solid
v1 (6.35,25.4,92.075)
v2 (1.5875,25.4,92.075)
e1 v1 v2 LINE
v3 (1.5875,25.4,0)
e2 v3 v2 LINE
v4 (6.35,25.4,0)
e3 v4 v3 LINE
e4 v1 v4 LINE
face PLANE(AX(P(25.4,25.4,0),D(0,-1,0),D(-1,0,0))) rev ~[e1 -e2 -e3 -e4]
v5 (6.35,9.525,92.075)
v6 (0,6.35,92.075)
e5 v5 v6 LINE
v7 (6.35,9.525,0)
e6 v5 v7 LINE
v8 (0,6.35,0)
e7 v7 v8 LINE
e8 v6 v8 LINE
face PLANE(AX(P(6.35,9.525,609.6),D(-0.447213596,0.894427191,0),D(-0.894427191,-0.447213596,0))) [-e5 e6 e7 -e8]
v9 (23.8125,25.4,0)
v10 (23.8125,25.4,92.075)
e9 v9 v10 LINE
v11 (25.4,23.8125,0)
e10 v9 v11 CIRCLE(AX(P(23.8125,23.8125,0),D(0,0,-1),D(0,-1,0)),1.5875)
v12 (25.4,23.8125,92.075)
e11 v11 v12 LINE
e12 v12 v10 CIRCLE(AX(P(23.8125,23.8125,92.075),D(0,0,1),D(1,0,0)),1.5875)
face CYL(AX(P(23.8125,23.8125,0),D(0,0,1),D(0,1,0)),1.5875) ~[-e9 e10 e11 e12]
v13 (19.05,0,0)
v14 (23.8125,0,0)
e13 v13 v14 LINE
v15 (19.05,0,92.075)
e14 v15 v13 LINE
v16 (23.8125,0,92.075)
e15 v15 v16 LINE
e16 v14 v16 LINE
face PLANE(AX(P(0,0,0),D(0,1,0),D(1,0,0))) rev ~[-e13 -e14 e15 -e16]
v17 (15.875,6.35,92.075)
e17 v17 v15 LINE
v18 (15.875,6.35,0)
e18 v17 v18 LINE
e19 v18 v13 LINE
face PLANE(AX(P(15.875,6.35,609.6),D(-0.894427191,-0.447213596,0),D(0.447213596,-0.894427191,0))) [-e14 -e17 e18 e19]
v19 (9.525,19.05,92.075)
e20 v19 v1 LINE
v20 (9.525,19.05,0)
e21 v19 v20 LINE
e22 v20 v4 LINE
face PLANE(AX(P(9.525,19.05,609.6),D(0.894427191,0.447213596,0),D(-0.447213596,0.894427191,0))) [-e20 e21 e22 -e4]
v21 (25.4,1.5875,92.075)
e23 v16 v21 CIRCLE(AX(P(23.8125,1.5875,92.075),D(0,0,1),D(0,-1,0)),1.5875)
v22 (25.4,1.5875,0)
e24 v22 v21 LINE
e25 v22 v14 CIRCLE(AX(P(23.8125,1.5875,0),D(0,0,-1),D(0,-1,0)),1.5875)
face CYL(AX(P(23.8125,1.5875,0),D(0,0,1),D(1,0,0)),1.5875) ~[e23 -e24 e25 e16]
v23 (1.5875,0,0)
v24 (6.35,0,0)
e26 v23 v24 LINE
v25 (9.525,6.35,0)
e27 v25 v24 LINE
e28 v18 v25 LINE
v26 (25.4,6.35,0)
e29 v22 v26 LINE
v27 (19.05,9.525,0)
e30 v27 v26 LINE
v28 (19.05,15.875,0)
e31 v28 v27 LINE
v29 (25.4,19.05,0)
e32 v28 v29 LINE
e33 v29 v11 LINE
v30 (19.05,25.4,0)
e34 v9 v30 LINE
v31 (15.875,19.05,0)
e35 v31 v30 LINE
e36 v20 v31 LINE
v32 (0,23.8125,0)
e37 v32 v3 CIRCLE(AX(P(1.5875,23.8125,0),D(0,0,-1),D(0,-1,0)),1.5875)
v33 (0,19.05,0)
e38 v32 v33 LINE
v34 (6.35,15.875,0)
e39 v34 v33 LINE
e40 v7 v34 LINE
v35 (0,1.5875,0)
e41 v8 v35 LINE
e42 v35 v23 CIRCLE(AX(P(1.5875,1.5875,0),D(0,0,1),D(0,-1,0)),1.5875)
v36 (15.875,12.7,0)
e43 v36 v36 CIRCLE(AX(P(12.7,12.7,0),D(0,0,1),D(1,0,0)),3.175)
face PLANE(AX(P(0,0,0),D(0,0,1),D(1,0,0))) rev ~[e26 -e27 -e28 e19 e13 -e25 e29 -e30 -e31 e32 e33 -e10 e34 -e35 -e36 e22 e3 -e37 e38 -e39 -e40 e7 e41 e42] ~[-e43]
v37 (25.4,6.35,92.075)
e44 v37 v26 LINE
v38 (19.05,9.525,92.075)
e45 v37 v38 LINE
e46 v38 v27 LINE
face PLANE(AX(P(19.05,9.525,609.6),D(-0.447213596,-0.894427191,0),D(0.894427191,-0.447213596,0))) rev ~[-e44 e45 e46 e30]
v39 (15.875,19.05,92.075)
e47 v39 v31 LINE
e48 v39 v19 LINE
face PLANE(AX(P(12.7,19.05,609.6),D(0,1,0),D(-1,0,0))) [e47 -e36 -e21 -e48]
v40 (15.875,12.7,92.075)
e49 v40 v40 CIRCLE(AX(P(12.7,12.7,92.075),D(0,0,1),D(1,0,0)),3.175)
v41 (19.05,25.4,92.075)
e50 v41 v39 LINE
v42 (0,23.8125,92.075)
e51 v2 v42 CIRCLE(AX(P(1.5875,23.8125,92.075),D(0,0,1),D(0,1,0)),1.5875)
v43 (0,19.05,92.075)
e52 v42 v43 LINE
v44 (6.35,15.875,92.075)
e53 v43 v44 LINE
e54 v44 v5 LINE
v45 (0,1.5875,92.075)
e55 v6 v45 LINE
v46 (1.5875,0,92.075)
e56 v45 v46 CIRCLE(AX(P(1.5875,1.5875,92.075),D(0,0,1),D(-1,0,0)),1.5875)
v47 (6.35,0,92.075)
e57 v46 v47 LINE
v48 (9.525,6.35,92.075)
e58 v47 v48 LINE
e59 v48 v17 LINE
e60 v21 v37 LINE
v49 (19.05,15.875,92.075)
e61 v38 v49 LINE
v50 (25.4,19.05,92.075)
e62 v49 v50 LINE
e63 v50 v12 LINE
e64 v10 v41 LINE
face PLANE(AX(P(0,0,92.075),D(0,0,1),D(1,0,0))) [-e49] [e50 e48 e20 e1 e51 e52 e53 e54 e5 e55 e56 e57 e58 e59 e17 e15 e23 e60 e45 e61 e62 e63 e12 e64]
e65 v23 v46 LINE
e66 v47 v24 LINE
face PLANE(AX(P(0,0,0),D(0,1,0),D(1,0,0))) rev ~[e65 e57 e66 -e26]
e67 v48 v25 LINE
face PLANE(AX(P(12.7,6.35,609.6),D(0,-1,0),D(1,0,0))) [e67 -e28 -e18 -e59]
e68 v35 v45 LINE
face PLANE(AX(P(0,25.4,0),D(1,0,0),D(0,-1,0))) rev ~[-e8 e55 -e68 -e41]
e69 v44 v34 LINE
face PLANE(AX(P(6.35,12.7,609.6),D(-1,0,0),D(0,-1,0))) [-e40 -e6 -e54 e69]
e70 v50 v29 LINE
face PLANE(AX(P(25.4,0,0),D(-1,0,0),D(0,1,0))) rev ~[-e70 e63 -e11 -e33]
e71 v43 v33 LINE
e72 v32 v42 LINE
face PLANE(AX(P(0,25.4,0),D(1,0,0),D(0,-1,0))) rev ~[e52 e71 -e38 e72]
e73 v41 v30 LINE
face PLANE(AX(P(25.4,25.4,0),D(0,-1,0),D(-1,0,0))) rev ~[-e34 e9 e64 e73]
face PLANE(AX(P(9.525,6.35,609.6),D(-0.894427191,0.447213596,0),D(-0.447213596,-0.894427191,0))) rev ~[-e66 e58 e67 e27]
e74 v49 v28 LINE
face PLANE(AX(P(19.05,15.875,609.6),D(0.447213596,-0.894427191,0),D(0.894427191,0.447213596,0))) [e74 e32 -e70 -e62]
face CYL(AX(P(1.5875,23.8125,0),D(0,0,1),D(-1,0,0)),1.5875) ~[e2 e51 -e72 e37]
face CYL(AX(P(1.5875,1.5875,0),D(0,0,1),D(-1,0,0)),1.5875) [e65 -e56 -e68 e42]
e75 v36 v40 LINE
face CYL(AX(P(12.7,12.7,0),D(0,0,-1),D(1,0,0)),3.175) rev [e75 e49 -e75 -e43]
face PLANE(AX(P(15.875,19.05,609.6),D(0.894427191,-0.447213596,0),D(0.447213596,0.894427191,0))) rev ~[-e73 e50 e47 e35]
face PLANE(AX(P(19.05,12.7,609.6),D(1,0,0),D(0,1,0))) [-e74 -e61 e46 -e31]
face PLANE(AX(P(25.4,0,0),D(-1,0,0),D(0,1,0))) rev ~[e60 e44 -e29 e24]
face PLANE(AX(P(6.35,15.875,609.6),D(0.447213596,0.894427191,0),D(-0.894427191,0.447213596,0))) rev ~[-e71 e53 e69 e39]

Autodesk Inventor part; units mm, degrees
ref_plane "YZ Plane" through (0, 0, 0) normal (1, 0, 0) x (0, 1, 0)
ref_plane "XZ Plane" through (0, 0, 0) normal (0, 1, 0) x (-1, 0, 0)
ref_plane "XY Plane" through (0, 0, 0) normal (0, 0, 1) x (1, 0, 0)
sketch "Sketch1" plane through (0, 0, 0) normal (0, 0, 1) x (1, 0, 0)
  line L0 (0, 0) -> (25.4, 0)
  line L1 (25.4, 0) -> (25.4, 25.4)
  line L2 (25.4, 25.4) -> (0, 25.4)
  line L3 (0, 25.4) -> (0, 0)
  circle A0 centre (12.7, 12.7) radius 3.175
  dimension "d0" = 25.4
  dimension "d1" = 25.4
  dimension "d2" = 6.35
  dimension "d7" = 12.7
  dimension "d8" = 12.7
extrude "Extrusion1" add sketch "Sketch1" along normal blind 609.6
sketch "Sketch2" plane through (0, 0, 609.6) normal (0, 0, 1) x (1, 0, 0)
  line L0 (25.4, 25.4) -> (0, 25.4) projected
  line L1 (0, 25.4) -> (0, 0) projected
  circle A0 centre (12.7, 12.7) radius 3.175 projected
  line L2 (0, 0) -> (25.4, 0) projected
  line L3 (25.4, 0) -> (25.4, 25.4) projected
  line L4 (25.4, 25.4) -> (0, 25.4) projected
  line L5 (0, 25.4) -> (0, 0) projected
  line L6 (12.7, 19.05) -> (9.525, 19.05)
  line L7 (9.525, 19.05) -> (15.875, 19.05)
  line L8 (15.875, 19.05) -> (19.05, 25.4)
  line L9 (9.525, 19.05) -> (6.35, 25.4)
  dimension "d13" = 6.35
  dimension "d14" = 6.35
  dimension "d15" = 3.175
  dimension "d16" = 6.35
fillet "Fillet1" radius 1.5875 4 edges at (25.4, 25.4, 304.8) (0, 25.4, 304.8) (25.4, 0, 304.8) (0, 0, 304.8)
extrude "Extrusion2" cut sketch "Sketch2" against normal blind 609.6 contours L8 L7 L6 L9 L0
pattern_circular "Circular Pattern1" count 4 over 360 about axis through (12.7, 12.7, 0) along (0, 0, 1) of "Extrusion2"
sketch "Sketch3" plane through (0, 0, 609.6) normal (0, 0, 1) x (1, 0, 0)
  line L0 (19.05, 15.875) -> (25.4, 19.05) projected
  line L1 (25.4, 19.05) -> (25.4, 23.8125) projected
  arc A0 (25.4, 23.8125) -> (23.8125, 25.4) centre (23.8125, 23.8125) ccw projected
  line L2 (23.8125, 25.4) -> (19.05, 25.4) projected
  line L3 (19.05, 25.4) -> (15.875, 19.05) projected
  line L4 (15.875, 19.05) -> (9.525, 19.05) projected
  line L5 (9.525, 19.05) -> (6.35, 25.4) projected
  line L6 (6.35, 25.4) -> (1.5875, 25.4) projected
  arc A1 (1.5875, 25.4) -> (0, 23.8125) centre (1.5875, 23.8125) ccw projected
  line L7 (0, 23.8125) -> (0, 19.05) projected
  line L8 (0, 19.05) -> (6.35, 15.875) projected
  line L9 (6.35, 15.875) -> (6.35, 9.525) projected
  line L10 (6.35, 9.525) -> (0, 6.35) projected
  line L11 (0, 6.35) -> (0, 1.5875) projected
  arc A2 (0, 1.5875) -> (1.5875, 0) centre (1.5875, 1.5875) ccw projected
  line L12 (1.5875, 0) -> (6.35, 0) projected
  line L13 (6.35, 0) -> (9.525, 6.35) projected
  line L14 (9.525, 6.35) -> (15.875, 6.35) projected
  line L15 (15.875, 6.35) -> (19.05, 0) projected
  line L16 (19.05, 0) -> (23.8125, 0) projected
  arc A3 (23.8125, 0) -> (25.4, 1.5875) centre (23.8125, 1.5875) ccw projected
  line L17 (25.4, 1.5875) -> (25.4, 6.35) projected
  line L18 (25.4, 6.35) -> (19.05, 9.525) projected
  line L19 (19.05, 9.525) -> (19.05, 15.875) projected
  circle A4 centre (12.7, 12.7) radius 3.175 projected
  point P0 (0, 0)
extrude "Extrusion3" cut sketch "Sketch3" against normal blind 517.525
properties part number "Mock 8020 3.625in"
